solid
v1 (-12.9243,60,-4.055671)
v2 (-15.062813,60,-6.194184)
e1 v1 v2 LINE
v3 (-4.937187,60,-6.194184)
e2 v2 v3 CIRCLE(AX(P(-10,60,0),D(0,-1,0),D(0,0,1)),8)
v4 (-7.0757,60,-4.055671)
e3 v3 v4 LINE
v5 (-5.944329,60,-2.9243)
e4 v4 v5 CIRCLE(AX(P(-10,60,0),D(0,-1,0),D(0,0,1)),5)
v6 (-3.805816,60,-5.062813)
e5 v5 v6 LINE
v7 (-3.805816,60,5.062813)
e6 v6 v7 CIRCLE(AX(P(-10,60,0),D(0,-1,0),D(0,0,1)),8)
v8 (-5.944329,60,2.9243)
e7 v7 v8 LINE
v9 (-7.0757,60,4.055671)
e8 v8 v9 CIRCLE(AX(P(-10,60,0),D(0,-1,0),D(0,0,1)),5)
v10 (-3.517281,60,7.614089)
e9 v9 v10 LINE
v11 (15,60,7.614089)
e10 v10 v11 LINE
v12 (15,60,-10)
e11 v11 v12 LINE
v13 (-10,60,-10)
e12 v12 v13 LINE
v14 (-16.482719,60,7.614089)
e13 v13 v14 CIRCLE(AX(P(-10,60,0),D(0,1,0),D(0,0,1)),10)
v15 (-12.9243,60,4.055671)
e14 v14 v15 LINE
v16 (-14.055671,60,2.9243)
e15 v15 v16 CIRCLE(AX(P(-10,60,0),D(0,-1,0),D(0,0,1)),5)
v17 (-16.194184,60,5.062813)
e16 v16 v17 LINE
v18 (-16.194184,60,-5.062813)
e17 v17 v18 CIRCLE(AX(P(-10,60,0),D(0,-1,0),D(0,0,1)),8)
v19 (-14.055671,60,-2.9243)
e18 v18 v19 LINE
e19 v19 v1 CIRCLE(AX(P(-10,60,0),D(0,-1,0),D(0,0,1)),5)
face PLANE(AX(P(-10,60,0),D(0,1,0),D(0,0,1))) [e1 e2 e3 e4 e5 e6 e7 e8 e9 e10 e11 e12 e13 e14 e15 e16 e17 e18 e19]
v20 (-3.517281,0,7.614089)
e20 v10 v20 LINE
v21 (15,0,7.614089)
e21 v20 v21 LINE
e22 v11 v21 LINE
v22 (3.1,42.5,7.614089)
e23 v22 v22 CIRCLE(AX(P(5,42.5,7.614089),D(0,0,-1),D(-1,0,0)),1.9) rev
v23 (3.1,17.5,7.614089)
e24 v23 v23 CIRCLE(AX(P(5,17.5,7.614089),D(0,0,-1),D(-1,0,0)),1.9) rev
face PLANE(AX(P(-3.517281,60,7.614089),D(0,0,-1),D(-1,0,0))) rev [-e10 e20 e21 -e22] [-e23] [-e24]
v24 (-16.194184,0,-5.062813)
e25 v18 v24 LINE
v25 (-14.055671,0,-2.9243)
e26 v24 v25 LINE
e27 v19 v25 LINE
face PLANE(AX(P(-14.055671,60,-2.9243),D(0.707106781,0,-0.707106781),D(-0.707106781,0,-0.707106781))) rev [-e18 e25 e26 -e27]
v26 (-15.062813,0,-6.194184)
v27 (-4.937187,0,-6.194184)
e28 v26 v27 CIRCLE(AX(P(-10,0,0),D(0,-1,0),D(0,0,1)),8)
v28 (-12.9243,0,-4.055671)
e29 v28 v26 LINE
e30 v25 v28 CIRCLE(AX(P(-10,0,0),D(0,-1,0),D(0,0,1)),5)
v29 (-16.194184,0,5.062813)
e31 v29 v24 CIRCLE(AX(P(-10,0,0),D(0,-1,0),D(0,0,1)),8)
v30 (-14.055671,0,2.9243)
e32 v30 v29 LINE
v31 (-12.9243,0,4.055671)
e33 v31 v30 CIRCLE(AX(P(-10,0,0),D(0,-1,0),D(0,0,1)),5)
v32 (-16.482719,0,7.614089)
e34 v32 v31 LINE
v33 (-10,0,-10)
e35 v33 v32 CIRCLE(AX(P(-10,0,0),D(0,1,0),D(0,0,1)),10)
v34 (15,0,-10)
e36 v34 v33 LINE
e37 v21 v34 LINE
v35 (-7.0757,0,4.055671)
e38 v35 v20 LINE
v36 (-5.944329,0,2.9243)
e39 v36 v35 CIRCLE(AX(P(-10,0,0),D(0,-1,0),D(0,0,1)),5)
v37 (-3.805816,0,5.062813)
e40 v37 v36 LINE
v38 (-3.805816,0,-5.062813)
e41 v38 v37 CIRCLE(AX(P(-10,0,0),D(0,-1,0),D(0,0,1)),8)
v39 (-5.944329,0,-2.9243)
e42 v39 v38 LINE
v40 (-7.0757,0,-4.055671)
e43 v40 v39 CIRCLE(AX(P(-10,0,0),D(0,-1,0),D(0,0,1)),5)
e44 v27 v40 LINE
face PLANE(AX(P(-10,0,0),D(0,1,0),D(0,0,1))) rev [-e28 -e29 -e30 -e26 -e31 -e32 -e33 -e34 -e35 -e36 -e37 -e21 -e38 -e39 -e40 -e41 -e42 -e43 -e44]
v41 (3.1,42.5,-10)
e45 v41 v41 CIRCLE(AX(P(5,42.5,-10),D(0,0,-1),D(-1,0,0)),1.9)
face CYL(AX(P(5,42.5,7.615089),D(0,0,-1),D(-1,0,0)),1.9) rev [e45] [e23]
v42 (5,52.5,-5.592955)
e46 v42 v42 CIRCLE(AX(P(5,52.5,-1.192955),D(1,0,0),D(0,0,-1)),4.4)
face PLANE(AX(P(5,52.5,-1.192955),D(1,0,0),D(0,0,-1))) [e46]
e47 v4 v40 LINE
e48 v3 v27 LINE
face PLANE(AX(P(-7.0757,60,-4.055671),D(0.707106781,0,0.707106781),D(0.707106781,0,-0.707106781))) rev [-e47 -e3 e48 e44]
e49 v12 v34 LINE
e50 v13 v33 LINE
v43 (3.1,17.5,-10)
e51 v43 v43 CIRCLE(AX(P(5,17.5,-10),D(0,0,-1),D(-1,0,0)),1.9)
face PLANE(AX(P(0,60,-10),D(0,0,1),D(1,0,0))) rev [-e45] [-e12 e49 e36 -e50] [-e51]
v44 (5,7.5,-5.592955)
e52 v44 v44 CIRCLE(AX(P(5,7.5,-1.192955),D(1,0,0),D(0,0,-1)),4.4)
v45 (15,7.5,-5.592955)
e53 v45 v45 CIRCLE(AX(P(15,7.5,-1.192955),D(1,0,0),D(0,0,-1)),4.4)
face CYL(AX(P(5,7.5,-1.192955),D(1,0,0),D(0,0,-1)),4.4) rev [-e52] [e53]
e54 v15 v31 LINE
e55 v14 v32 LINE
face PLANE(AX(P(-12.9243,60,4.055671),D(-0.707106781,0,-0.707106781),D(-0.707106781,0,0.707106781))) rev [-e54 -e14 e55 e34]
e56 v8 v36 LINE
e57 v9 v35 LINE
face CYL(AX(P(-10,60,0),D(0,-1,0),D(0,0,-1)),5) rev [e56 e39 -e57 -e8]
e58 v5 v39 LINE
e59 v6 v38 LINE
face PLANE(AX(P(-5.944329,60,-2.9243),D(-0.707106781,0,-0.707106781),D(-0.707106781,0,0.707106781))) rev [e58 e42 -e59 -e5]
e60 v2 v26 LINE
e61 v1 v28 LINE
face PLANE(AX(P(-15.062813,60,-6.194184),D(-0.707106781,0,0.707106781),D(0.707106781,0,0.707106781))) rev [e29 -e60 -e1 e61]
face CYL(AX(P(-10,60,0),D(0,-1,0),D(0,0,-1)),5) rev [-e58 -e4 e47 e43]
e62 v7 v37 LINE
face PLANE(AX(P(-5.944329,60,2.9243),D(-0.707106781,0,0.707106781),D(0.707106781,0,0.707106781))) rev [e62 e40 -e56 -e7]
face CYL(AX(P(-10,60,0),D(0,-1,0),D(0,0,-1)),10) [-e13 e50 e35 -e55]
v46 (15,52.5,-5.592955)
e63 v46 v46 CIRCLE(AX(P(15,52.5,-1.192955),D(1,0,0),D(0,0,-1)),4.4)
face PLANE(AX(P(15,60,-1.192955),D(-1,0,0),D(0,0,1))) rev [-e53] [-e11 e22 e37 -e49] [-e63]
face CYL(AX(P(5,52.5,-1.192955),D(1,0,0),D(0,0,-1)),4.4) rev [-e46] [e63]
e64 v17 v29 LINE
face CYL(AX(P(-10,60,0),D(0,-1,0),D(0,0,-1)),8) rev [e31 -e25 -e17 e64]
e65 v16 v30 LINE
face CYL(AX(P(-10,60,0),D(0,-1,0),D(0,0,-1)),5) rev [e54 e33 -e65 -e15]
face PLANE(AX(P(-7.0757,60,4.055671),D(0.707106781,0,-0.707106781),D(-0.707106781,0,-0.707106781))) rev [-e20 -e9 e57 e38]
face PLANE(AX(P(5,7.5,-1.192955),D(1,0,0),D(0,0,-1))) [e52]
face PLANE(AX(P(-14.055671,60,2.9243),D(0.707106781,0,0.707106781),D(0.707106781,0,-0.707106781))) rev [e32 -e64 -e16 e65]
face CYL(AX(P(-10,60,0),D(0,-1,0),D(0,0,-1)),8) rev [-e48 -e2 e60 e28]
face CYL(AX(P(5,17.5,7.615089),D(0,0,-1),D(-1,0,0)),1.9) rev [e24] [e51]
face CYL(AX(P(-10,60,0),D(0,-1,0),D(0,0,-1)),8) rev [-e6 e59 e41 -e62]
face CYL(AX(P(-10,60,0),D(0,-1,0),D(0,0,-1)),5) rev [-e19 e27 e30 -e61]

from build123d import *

# Parameters (mm, degrees)
BOSS_EXTRUDE1_DEPTH = 60
CUT_EXTRUDE2_REACH  = 19.614
SKETCH3_R           = 1.9
SKETCH4_R           = 4.4
CUT_EXTRUDE3_DEPTH  = 10


with BuildPart() as part:
    # Sketch1 → Boss-Extrude1 (new body)
    with BuildSketch(Plane(origin=(0, 0, 0), x_dir=(1, 0, 0), z_dir=(0, 1, 0))):
        with BuildLine():
            Line((0, 10), (-10, 10))
            ThreePointArc((-10, 10), (-19.384585633, 3.453918427), (-16.48271865, -7.6140895))
            Line((-16.48271865, -7.6140895), (-12.924300248, -4.055671098))
            ThreePointArc((-12.924300248, -4.055671098), (-13.535533906, -3.535533906), (-14.055671098, -2.924300248))
            Line((-14.055671098, -2.924300248), (-16.194184337, -5.062813487))
            ThreePointArc((-16.194184337, -5.062813487), (-18, 0), (-16.194184337, 5.062813487))
            Line((-16.194184337, 5.062813487), (-14.055671098, 2.924300248))
            ThreePointArc((-14.055671098, 2.924300248), (-13.535533906, 3.535533906), (-12.924300248, 4.055671098))
            Line((-12.924300248, 4.055671098), (-15.062813487, 6.194184337))
            ThreePointArc((-15.062813487, 6.194184337), (-10, 8), (-4.937186513, 6.194184337))
            Line((-4.937186513, 6.194184337), (-7.075699752, 4.055671098))
            ThreePointArc((-7.075699752, 4.055671098), (-6.464466094, 3.535533906), (-5.944328902, 2.924300248))
            Line((-5.944328902, 2.924300248), (-3.805815663, 5.062813487))
            ThreePointArc((-3.805815663, 5.062813487), (-2, 0), (-3.805815663, -5.062813487))
            Line((-3.805815663, -5.062813487), (-5.944328902, -2.924300248))
            ThreePointArc((-5.944328902, -2.924300248), (-6.464466094, -3.535533906), (-7.075699752, -4.055671098))
            Line((-7.075699752, -4.055671098), (-3.51728135, -7.6140895))
            Line((-3.51728135, -7.6140895), (15, -7.6140895))
            Line((15, -7.6140895), (15, 1.19295525))
            Line((15, 1.19295525), (15, 10))
            Line((15, 10), (0, 10))
        make_face()
    extrude(amount=BOSS_EXTRUDE1_DEPTH)

    # Sketch3 → Cut-Extrude2 (cut, up to next)
    with BuildSketch(Plane(origin=(0, 0, -10), x_dir=(-1, 0, 0), z_dir=(0, 0, -1)), mode=Mode.PRIVATE) as cut_extrude2_sk1:
        with Locations((-5, 42.5)):
            Circle(SKETCH3_R)
    cut_extrude2_tool1 = extrude(cut_extrude2_sk1.sketch, amount=-CUT_EXTRUDE2_REACH, mode=Mode.PRIVATE) & part.part
    add(cut_extrude2_tool1.solids().sort_by_distance((5, 42.5, -10))[0], mode=Mode.SUBTRACT)
    # Sketch3 → Cut-Extrude2 (cut, up to next)
    with BuildSketch(Plane(origin=(0, 0, -10), x_dir=(-1, 0, 0), z_dir=(0, 0, -1)), mode=Mode.PRIVATE) as cut_extrude2_sk2:
        with Locations((-5, 17.5)):
            Circle(SKETCH3_R)
    cut_extrude2_tool2 = extrude(cut_extrude2_sk2.sketch, amount=-CUT_EXTRUDE2_REACH, mode=Mode.PRIVATE) & part.part
    add(cut_extrude2_tool2.solids().sort_by_distance((5, 17.5, -10))[0], mode=Mode.SUBTRACT)

    # Sketch4 → Cut-Extrude3 (cut)
    with BuildSketch(Plane(origin=(15, 0, 0), x_dir=(0, 0, -1), z_dir=(1, 0, 0))):
        with Locations((1.19295525, 7.5)):
            Circle(SKETCH4_R)
        with Locations((1.19295525, 52.5)):
            Circle(SKETCH4_R)
    extrude(amount=-CUT_EXTRUDE3_DEPTH, mode=Mode.SUBTRACT)


solid = part.part
